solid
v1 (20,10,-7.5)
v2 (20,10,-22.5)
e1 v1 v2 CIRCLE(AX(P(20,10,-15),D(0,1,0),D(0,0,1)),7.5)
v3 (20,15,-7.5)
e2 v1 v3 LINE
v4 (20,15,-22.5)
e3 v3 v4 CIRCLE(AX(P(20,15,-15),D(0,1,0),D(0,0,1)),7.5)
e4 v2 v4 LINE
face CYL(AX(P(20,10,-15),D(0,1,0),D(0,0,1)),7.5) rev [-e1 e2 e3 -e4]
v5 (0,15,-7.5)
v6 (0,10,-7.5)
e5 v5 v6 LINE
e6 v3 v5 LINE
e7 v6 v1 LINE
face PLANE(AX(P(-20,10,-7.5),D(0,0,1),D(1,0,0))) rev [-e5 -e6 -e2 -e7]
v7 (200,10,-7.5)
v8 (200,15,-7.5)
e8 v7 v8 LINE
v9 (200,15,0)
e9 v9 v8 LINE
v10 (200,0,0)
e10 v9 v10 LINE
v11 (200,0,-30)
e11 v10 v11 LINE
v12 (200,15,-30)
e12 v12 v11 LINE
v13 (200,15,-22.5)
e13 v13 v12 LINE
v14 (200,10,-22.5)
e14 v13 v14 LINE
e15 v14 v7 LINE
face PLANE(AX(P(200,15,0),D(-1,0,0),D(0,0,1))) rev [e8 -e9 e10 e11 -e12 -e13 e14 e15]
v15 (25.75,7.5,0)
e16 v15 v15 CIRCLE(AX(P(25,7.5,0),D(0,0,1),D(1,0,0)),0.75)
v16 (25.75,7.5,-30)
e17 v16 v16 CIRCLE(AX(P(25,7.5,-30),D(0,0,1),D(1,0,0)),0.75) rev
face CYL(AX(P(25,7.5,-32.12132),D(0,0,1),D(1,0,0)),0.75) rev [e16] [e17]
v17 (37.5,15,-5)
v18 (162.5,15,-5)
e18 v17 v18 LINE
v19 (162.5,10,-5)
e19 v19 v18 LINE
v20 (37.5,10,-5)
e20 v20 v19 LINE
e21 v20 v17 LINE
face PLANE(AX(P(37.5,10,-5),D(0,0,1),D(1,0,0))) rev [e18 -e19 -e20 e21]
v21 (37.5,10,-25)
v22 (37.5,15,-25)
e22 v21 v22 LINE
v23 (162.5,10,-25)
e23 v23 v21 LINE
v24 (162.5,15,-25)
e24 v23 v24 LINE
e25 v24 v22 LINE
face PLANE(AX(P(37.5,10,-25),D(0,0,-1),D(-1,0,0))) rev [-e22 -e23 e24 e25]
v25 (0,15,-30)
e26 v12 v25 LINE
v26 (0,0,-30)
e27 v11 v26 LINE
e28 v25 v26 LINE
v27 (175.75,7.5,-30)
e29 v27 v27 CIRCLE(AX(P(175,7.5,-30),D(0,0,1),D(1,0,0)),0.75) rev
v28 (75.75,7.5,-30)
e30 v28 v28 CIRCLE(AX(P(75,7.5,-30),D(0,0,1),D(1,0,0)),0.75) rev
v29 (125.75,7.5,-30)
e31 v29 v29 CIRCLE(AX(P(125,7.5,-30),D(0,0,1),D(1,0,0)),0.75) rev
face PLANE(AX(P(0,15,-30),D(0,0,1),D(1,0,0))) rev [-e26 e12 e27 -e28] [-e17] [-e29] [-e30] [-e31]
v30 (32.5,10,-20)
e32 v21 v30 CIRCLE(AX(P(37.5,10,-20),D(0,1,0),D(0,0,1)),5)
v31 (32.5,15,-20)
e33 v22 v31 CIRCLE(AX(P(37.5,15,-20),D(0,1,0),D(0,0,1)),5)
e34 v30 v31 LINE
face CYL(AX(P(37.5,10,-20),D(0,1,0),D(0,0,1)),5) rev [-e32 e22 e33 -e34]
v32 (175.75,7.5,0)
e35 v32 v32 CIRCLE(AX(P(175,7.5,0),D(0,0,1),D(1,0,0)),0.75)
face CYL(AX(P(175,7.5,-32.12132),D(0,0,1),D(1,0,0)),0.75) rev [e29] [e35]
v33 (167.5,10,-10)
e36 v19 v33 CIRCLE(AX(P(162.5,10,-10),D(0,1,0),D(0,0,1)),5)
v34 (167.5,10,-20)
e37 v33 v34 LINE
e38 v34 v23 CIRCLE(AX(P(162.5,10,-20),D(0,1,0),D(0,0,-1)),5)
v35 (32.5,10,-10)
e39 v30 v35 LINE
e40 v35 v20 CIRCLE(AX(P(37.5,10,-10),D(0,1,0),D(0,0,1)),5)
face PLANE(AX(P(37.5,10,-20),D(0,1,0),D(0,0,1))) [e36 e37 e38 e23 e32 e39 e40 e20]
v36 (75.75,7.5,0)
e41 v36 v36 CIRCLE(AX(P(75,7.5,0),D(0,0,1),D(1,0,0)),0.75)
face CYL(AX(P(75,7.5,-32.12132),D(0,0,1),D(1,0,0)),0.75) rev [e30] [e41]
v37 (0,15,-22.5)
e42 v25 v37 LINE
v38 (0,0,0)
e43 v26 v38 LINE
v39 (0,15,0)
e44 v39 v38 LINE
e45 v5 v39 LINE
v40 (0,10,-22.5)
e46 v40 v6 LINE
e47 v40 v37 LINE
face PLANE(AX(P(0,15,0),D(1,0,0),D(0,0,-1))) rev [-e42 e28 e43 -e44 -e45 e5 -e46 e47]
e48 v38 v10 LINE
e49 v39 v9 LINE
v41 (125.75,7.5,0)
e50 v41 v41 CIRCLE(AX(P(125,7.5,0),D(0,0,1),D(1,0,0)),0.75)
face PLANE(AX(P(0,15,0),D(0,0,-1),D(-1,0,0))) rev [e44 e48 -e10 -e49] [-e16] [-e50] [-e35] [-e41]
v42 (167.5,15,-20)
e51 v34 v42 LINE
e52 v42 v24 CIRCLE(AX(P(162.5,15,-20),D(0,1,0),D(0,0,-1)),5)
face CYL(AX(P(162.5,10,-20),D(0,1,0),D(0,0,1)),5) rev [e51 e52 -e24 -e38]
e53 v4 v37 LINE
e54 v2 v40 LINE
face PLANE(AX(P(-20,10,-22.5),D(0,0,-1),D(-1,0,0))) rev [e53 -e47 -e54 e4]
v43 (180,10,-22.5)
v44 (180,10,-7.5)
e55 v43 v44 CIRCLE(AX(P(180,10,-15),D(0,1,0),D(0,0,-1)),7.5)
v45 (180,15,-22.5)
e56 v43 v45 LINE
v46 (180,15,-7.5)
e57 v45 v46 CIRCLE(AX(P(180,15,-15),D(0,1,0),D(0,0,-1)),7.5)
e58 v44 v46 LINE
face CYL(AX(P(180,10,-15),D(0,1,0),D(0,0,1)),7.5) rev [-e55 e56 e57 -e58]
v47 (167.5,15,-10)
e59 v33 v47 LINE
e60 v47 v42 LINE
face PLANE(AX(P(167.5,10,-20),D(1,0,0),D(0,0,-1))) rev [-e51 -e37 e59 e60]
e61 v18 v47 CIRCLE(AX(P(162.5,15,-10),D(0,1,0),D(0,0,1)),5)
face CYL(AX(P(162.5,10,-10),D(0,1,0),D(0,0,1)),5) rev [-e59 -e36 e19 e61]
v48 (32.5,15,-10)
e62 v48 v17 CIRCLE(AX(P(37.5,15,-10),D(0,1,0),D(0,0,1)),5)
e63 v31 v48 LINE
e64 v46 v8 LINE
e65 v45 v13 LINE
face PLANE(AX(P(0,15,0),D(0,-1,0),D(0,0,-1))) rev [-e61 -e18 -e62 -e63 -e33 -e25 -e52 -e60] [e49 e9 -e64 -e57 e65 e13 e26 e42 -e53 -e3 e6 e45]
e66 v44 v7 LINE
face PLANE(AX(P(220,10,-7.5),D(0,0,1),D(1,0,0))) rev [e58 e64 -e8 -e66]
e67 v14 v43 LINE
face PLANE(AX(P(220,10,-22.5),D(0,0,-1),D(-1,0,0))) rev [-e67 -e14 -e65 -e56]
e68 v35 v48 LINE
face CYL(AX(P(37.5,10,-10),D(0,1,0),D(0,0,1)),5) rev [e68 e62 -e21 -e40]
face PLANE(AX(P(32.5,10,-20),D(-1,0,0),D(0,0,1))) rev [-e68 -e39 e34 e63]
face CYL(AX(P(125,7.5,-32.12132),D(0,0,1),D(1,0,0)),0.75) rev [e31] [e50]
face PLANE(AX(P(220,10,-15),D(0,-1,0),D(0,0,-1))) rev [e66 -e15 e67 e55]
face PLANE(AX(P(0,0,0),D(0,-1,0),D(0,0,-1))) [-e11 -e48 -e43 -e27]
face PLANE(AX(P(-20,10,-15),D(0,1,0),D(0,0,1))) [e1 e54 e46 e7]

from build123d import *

# Parameters (mm, degrees)
SKETCH1_W           = 200
SKETCH1_H           = 30
BOSS_EXTRUDE1_DEPTH = 15
CUT_EXTRUDE1_DEPTH  = 5
SKETCH3_R           = 0.75
CUT_EXTRUDE2_DEPTH  = 30
CUT_EXTRUDE3_DEPTH  = 5


with BuildPart() as part:
    # Sketch1 → Boss-Extrude1 (new body)
    with BuildSketch(Plane(origin=(0, 0, 0), x_dir=(1, 0, 0), z_dir=(0, 1, 0))):
        with Locations((100, 15)):
            Rectangle(SKETCH1_W, SKETCH1_H)
    extrude(amount=BOSS_EXTRUDE1_DEPTH)

    # Sketch2 → Cut-Extrude1 (cut)
    with BuildSketch(Plane(origin=(0, 15, 0), x_dir=(1, 0, 0), z_dir=(0, 1, 0))):
        with BuildLine():
            Line((-20, 22.5), (20, 22.5))
            ThreePointArc((20, 22.5), (27.5, 15), (20, 7.5))
            Line((20, 7.5), (-20, 7.5))
            ThreePointArc((-20, 7.5), (-27.5, 15), (-20, 22.5))
        make_face()
        with BuildLine():
            Line((220, 22.5), (180, 22.5))
            ThreePointArc((180, 22.5), (172.5, 15), (180, 7.5))
            Line((180, 7.5), (220, 7.5))
            ThreePointArc((220, 7.5), (227.5, 15), (220, 22.5))
        make_face()
    extrude(amount=-CUT_EXTRUDE1_DEPTH, mode=Mode.SUBTRACT)

    # Sketch3 → Cut-Extrude2 (cut)
    with BuildSketch(Plane.XY):
        with Locations((25, 7.5)):
            Circle(SKETCH3_R)
        with Locations((75, 7.5)):
            Circle(SKETCH3_R)
        with Locations((125, 7.5)):
            Circle(SKETCH3_R)
        with Locations((175, 7.5)):
            Circle(SKETCH3_R)
    extrude(amount=-CUT_EXTRUDE2_DEPTH, mode=Mode.SUBTRACT)

    # Sketch4 → Cut-Extrude3 (cut)
    with BuildSketch(Plane(origin=(0, 15, 0), x_dir=(1, 0, 0), z_dir=(0, 1, 0))):
        with BuildLine():
            Line((37.5, 25), (162.5, 25))
            ThreePointArc((162.5, 25), (166.035533906, 23.535533906), (167.5, 20))
            Line((167.5, 20), (167.5, 10))
            ThreePointArc((167.5, 10), (166.035533906, 6.464466094), (162.5, 5))
            Line((162.5, 5), (37.5, 5))
            ThreePointArc((37.5, 5), (33.964466094, 6.464466094), (32.5, 10))
            Line((32.5, 10), (32.5, 20))
            ThreePointArc((32.5, 20), (33.964466094, 23.535533906), (37.5, 25))
        make_face()
    extrude(amount=-CUT_EXTRUDE3_DEPTH, mode=Mode.SUBTRACT)


solid = part.part
